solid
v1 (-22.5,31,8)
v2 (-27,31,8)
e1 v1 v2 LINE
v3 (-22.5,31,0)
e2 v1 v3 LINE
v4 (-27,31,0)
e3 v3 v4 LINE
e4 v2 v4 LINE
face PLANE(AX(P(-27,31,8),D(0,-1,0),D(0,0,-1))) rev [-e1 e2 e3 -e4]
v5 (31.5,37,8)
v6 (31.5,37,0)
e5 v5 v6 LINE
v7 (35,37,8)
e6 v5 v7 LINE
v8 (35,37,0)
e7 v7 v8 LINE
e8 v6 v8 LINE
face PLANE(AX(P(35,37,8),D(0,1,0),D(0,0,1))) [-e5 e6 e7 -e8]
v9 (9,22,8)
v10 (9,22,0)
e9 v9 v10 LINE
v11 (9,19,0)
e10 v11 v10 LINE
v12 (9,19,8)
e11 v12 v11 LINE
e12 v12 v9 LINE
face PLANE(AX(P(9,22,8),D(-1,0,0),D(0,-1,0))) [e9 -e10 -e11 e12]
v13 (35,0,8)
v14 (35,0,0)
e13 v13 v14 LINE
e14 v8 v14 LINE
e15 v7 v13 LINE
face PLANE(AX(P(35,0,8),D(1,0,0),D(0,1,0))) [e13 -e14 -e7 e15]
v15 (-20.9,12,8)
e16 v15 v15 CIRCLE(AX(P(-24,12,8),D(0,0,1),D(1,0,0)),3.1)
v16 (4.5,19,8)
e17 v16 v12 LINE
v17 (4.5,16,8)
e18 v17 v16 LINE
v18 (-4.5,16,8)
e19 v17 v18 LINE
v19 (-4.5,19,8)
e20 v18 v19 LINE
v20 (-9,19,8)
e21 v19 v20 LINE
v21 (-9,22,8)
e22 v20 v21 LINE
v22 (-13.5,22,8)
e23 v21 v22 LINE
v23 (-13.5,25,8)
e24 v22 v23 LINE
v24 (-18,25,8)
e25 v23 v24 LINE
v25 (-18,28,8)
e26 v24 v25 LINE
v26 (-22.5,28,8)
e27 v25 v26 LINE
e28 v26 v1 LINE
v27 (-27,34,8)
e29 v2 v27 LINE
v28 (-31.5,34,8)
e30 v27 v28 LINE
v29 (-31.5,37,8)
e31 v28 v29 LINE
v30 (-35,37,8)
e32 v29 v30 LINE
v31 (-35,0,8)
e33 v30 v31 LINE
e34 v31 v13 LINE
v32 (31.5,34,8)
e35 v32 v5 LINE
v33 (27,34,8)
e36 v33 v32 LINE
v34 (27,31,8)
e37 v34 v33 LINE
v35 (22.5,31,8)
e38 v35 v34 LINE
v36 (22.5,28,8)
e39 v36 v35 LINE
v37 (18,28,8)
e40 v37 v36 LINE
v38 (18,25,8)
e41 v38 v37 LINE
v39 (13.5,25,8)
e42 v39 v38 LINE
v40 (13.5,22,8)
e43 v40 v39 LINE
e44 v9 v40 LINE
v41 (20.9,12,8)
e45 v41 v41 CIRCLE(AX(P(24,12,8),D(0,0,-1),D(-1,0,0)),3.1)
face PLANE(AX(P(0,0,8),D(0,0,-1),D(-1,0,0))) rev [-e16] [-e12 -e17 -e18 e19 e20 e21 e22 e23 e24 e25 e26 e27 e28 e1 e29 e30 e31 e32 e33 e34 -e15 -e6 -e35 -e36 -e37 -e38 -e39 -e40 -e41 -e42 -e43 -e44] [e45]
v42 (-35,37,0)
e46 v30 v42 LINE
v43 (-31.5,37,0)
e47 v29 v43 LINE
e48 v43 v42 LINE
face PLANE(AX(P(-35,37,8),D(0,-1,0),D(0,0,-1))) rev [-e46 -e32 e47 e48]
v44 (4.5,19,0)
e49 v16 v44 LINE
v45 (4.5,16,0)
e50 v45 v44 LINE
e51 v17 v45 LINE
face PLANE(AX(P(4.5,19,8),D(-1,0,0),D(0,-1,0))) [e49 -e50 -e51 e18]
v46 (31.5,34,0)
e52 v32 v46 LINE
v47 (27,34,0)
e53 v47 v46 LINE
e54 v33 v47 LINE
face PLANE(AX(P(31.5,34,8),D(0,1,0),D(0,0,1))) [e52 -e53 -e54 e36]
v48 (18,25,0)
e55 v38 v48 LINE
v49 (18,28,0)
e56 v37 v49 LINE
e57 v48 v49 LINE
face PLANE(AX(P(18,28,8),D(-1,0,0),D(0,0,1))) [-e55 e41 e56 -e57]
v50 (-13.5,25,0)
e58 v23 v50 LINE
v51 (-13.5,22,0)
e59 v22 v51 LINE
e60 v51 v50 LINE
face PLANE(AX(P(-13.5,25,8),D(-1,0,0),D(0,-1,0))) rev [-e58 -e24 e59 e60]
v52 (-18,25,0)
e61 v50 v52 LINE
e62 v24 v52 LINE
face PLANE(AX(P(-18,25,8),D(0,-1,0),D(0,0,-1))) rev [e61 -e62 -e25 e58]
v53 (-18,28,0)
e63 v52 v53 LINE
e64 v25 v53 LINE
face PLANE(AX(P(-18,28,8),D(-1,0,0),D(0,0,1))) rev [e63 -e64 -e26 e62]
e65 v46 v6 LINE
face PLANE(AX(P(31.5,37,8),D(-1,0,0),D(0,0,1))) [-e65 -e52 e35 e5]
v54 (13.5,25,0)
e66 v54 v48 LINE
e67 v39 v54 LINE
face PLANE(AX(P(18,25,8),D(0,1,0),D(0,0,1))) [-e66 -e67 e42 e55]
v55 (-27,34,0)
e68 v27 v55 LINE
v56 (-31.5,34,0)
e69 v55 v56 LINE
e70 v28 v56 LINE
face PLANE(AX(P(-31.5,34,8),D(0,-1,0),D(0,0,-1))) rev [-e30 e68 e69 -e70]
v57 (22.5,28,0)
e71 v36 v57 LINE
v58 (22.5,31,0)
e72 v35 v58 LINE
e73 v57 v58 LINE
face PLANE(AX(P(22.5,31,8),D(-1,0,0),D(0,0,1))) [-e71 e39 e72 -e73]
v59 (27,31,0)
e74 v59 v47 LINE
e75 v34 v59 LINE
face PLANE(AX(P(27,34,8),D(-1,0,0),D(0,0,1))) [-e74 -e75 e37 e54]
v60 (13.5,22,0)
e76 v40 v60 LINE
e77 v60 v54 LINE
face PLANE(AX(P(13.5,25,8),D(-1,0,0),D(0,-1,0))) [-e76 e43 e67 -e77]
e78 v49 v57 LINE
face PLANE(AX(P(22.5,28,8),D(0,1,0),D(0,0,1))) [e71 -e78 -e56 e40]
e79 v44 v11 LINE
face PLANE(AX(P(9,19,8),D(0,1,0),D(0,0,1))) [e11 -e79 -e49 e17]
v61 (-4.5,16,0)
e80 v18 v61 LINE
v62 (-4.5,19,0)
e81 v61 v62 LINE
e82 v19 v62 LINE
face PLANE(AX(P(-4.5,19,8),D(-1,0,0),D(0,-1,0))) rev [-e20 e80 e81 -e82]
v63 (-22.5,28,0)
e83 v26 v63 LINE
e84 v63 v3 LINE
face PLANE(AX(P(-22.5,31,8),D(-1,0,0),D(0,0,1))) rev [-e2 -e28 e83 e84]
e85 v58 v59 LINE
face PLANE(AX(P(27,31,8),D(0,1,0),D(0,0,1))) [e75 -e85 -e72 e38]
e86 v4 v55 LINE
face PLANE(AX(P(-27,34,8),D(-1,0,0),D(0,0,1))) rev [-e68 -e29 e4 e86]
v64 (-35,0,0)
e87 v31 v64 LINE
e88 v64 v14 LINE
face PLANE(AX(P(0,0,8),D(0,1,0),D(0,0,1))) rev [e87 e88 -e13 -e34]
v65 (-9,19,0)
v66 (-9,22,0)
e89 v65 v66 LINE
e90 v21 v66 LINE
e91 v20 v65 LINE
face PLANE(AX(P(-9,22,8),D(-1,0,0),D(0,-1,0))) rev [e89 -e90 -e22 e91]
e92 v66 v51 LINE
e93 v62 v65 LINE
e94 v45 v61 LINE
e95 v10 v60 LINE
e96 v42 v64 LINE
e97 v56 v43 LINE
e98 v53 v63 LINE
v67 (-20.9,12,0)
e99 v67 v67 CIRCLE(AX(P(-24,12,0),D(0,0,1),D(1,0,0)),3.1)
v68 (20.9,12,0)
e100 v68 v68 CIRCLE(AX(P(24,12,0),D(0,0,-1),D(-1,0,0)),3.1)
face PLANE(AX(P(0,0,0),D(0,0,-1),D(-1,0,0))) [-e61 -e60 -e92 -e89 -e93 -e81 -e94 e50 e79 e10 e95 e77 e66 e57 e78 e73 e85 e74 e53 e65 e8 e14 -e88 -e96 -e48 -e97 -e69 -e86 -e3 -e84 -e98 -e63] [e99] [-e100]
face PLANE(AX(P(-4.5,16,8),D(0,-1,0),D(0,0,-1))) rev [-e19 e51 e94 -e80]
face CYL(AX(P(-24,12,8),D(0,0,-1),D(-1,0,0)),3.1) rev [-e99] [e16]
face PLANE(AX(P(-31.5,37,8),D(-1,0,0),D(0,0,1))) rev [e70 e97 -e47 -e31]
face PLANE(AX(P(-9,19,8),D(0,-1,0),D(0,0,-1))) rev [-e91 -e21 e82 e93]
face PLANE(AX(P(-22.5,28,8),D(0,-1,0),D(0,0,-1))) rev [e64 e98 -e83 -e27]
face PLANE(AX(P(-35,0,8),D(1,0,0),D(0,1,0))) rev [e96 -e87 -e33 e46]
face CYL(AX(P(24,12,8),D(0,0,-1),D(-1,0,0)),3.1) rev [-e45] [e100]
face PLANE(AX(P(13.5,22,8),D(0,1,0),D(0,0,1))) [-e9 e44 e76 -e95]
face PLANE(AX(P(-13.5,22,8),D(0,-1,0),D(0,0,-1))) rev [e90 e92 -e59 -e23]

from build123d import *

# Parameters (mm, degrees)
SKETCH1_R           = 3.1
BOSS_EXTRUDE1_DEPTH = 8


with BuildPart() as part:
    # Sketch1 → Boss-Extrude1 (new body)
    with BuildSketch(Plane.XY):
        Polygon((-35, 0), (-35, 37), (-31.5, 37), (-31.5, 34), (-27, 34), (-27, 31), (-22.5, 31), (-22.5, 28), (-18, 28), (-18, 25), (-13.5, 25), (-13.5, 22), (-9, 22), (-9, 19), (-4.5, 19), (-4.5, 16), (0, 16), (0, 0), align=None)
        with Locations((-24, 12)):
            Circle(SKETCH1_R, mode=Mode.SUBTRACT)
    boss_extrude1 = extrude(amount=BOSS_EXTRUDE1_DEPTH)

    # Mirror1: Boss-Extrude1 across plane
    add(boss_extrude1.mirror(Plane(origin=(0, 0, 0), x_dir=(0, 0, 1), z_dir=(1, 0, 0))))


solid = part.part
